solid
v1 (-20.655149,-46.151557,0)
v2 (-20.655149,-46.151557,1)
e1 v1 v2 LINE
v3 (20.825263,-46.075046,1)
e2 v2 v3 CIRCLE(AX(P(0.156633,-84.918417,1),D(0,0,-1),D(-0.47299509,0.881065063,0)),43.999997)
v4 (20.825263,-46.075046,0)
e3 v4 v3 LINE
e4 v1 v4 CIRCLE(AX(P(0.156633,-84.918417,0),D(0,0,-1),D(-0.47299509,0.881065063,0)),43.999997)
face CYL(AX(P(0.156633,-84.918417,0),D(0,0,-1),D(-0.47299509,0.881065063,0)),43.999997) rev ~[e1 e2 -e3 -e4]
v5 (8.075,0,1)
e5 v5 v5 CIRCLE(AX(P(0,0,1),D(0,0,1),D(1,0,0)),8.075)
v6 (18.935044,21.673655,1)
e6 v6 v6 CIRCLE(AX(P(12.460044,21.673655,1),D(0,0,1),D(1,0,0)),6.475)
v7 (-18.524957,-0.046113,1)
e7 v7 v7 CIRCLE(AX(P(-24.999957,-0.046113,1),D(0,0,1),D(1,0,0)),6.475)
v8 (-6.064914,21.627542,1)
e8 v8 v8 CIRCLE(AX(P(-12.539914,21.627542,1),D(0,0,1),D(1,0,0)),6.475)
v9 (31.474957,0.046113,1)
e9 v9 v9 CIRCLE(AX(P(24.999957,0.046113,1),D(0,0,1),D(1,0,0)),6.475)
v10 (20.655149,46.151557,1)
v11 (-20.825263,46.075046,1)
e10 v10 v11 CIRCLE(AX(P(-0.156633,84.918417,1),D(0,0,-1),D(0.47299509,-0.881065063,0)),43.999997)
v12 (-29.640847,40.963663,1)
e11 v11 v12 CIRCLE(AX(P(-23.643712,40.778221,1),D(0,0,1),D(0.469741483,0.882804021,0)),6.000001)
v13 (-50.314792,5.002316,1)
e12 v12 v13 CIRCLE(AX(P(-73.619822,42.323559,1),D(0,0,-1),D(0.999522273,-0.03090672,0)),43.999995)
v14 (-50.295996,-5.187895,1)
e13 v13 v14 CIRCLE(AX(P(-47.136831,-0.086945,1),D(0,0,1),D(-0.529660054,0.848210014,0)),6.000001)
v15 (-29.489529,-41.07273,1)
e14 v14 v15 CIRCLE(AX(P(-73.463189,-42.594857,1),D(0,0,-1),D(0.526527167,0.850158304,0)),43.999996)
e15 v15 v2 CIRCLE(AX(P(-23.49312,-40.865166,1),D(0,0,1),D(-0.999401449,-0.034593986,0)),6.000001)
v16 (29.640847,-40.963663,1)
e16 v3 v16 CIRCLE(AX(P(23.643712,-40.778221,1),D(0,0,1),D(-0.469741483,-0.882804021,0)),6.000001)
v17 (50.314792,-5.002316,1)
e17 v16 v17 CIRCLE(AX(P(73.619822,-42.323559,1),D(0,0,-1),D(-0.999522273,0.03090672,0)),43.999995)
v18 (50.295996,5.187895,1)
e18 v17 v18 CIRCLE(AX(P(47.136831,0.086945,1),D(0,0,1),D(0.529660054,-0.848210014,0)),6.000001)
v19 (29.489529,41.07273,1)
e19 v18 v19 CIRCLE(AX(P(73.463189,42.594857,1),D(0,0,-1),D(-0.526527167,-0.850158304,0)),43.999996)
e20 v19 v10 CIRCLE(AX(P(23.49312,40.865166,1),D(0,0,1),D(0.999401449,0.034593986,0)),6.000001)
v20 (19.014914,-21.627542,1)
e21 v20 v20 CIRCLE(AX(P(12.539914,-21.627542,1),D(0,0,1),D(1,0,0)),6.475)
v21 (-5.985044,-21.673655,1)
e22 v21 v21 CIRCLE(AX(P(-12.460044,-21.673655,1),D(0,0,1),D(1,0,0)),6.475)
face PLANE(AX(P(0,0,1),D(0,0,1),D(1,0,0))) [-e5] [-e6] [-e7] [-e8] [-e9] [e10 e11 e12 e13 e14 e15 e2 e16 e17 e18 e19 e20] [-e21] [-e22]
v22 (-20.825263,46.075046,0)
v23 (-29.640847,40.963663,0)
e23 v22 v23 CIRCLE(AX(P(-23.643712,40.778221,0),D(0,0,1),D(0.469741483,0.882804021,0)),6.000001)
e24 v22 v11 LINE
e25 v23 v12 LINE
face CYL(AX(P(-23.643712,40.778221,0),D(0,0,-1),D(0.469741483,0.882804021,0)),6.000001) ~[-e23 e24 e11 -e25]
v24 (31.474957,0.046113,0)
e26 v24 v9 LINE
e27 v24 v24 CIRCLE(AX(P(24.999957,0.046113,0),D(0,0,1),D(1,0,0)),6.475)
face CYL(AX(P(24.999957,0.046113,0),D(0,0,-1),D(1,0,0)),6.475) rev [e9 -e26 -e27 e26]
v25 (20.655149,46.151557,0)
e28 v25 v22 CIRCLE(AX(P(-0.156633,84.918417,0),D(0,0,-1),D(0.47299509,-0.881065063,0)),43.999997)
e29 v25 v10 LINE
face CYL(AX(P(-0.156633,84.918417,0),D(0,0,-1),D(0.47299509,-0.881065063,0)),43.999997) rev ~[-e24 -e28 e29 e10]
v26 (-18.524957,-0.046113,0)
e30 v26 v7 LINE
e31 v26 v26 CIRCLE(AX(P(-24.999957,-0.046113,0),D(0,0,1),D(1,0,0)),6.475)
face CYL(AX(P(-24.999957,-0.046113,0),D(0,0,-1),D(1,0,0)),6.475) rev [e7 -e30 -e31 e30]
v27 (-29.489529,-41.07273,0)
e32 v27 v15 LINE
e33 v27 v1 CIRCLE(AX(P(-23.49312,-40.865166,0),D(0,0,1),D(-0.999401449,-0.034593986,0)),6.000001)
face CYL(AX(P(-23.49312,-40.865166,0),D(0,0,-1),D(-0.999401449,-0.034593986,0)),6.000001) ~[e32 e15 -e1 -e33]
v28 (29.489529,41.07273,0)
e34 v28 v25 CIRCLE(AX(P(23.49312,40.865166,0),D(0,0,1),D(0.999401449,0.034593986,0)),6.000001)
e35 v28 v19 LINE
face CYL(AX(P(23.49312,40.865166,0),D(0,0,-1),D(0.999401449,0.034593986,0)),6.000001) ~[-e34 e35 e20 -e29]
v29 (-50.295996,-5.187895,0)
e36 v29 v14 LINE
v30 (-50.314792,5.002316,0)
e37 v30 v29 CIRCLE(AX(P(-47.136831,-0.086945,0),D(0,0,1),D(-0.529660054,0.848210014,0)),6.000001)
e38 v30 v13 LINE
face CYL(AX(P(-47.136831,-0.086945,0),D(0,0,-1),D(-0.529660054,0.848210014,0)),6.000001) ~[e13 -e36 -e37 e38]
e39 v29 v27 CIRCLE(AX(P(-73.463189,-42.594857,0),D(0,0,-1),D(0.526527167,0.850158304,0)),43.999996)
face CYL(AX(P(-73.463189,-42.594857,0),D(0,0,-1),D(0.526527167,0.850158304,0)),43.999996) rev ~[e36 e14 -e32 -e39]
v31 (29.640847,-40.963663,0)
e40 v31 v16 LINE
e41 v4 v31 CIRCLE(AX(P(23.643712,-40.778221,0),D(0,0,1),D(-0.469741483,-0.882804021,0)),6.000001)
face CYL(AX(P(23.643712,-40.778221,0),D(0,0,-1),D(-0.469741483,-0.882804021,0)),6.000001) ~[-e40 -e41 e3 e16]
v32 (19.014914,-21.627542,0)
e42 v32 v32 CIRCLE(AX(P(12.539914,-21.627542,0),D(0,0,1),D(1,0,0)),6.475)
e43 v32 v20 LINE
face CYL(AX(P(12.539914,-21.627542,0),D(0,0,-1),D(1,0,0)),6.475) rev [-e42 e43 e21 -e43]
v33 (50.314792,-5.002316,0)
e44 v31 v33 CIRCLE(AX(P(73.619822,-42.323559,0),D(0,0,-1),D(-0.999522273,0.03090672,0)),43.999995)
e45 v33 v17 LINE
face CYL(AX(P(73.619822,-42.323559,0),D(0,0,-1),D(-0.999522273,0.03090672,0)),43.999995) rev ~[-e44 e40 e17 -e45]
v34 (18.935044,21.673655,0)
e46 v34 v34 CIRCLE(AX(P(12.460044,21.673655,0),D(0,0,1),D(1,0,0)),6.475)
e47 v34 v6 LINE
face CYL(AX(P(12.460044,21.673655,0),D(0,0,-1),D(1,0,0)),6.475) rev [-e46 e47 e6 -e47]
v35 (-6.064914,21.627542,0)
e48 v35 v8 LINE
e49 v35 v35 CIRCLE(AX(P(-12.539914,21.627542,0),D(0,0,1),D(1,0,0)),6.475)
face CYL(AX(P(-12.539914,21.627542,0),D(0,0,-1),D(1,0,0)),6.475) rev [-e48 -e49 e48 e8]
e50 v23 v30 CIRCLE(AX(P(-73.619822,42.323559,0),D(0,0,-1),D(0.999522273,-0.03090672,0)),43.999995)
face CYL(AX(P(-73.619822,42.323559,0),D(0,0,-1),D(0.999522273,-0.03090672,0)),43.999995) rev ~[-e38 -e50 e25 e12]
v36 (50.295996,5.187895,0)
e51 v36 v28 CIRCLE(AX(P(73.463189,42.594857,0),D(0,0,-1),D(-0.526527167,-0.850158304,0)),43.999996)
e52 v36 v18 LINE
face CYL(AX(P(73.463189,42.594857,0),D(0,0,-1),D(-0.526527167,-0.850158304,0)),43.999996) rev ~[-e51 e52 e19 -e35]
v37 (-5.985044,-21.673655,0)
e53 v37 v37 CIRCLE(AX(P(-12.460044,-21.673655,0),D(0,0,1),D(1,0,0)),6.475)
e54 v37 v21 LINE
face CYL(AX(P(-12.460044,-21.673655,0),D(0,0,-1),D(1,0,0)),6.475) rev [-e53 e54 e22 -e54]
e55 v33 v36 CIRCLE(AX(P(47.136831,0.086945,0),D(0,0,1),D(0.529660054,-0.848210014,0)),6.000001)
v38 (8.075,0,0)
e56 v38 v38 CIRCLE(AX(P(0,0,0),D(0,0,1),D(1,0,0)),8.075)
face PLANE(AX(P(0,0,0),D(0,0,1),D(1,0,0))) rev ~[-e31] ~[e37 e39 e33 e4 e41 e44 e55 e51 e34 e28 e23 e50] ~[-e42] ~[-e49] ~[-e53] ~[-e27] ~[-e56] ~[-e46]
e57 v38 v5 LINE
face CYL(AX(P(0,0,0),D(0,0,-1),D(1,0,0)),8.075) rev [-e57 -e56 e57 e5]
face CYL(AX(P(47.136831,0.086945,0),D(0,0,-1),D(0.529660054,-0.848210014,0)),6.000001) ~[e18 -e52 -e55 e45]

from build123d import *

# Parameters (mm, degrees)
F0_R     = 6.475
F0_R_2   = 8.075
F1_DEPTH = 1


with BuildPart() as f1:
    # F0 (on Top) → F1 (new body)
    with BuildSketch(Plane.XY):
        with BuildLine():
            ThreePointArc((20.655149, 46.151557), (-0.075475, 40.918495), (-20.825263, 46.075046))
            ThreePointArc((-20.825263, 46.075046), (-26.653292, 45.968832), (-29.640847, 40.963663))
            ThreePointArc((-29.640847, 40.963663), (-35.474194, 20.393884), (-50.314792, 5.002316))
            ThreePointArc((-50.314792, 5.002316), (-53.136822, -0.098012), (-50.295996, -5.187895))
            ThreePointArc((-50.295996, -5.187895), (-35.398719, -20.524611), (-29.489529, -41.07273))
            ThreePointArc((-29.489529, -41.07273), (-26.48353, -46.066844), (-20.655149, -46.151557))
            ThreePointArc((-20.655149, -46.151557), (0.075475, -40.918495), (20.825263, -46.075046))
            ThreePointArc((20.825263, -46.075046), (26.653292, -45.968832), (29.640847, -40.963663))
            ThreePointArc((29.640847, -40.963663), (35.474194, -20.393884), (50.314792, -5.002316))
            ThreePointArc((50.314792, -5.002316), (53.136822, 0.098012), (50.295996, 5.187895))
            ThreePointArc((50.295996, 5.187895), (35.398719, 20.524611), (29.489529, 41.07273))
            ThreePointArc((29.489529, 41.07273), (26.48353, 46.066844), (20.655149, 46.151557))
        make_face()
        with Locations((-12.460044, -21.673655)):
            Circle(F0_R, mode=Mode.SUBTRACT)
        with Locations((-24.999957, -0.046113)):
            Circle(F0_R, mode=Mode.SUBTRACT)
        with Locations((12.539914, -21.627542)):
            Circle(F0_R, mode=Mode.SUBTRACT)
        with Locations((-12.539914, 21.627542)):
            Circle(F0_R, mode=Mode.SUBTRACT)
        Circle(F0_R_2, mode=Mode.SUBTRACT)
        with Locations((24.999957, 0.046113)):
            Circle(F0_R, mode=Mode.SUBTRACT)
        with Locations((12.460044, 21.673655)):
            Circle(F0_R, mode=Mode.SUBTRACT)
    extrude(amount=F1_DEPTH)


solid = f1.part
